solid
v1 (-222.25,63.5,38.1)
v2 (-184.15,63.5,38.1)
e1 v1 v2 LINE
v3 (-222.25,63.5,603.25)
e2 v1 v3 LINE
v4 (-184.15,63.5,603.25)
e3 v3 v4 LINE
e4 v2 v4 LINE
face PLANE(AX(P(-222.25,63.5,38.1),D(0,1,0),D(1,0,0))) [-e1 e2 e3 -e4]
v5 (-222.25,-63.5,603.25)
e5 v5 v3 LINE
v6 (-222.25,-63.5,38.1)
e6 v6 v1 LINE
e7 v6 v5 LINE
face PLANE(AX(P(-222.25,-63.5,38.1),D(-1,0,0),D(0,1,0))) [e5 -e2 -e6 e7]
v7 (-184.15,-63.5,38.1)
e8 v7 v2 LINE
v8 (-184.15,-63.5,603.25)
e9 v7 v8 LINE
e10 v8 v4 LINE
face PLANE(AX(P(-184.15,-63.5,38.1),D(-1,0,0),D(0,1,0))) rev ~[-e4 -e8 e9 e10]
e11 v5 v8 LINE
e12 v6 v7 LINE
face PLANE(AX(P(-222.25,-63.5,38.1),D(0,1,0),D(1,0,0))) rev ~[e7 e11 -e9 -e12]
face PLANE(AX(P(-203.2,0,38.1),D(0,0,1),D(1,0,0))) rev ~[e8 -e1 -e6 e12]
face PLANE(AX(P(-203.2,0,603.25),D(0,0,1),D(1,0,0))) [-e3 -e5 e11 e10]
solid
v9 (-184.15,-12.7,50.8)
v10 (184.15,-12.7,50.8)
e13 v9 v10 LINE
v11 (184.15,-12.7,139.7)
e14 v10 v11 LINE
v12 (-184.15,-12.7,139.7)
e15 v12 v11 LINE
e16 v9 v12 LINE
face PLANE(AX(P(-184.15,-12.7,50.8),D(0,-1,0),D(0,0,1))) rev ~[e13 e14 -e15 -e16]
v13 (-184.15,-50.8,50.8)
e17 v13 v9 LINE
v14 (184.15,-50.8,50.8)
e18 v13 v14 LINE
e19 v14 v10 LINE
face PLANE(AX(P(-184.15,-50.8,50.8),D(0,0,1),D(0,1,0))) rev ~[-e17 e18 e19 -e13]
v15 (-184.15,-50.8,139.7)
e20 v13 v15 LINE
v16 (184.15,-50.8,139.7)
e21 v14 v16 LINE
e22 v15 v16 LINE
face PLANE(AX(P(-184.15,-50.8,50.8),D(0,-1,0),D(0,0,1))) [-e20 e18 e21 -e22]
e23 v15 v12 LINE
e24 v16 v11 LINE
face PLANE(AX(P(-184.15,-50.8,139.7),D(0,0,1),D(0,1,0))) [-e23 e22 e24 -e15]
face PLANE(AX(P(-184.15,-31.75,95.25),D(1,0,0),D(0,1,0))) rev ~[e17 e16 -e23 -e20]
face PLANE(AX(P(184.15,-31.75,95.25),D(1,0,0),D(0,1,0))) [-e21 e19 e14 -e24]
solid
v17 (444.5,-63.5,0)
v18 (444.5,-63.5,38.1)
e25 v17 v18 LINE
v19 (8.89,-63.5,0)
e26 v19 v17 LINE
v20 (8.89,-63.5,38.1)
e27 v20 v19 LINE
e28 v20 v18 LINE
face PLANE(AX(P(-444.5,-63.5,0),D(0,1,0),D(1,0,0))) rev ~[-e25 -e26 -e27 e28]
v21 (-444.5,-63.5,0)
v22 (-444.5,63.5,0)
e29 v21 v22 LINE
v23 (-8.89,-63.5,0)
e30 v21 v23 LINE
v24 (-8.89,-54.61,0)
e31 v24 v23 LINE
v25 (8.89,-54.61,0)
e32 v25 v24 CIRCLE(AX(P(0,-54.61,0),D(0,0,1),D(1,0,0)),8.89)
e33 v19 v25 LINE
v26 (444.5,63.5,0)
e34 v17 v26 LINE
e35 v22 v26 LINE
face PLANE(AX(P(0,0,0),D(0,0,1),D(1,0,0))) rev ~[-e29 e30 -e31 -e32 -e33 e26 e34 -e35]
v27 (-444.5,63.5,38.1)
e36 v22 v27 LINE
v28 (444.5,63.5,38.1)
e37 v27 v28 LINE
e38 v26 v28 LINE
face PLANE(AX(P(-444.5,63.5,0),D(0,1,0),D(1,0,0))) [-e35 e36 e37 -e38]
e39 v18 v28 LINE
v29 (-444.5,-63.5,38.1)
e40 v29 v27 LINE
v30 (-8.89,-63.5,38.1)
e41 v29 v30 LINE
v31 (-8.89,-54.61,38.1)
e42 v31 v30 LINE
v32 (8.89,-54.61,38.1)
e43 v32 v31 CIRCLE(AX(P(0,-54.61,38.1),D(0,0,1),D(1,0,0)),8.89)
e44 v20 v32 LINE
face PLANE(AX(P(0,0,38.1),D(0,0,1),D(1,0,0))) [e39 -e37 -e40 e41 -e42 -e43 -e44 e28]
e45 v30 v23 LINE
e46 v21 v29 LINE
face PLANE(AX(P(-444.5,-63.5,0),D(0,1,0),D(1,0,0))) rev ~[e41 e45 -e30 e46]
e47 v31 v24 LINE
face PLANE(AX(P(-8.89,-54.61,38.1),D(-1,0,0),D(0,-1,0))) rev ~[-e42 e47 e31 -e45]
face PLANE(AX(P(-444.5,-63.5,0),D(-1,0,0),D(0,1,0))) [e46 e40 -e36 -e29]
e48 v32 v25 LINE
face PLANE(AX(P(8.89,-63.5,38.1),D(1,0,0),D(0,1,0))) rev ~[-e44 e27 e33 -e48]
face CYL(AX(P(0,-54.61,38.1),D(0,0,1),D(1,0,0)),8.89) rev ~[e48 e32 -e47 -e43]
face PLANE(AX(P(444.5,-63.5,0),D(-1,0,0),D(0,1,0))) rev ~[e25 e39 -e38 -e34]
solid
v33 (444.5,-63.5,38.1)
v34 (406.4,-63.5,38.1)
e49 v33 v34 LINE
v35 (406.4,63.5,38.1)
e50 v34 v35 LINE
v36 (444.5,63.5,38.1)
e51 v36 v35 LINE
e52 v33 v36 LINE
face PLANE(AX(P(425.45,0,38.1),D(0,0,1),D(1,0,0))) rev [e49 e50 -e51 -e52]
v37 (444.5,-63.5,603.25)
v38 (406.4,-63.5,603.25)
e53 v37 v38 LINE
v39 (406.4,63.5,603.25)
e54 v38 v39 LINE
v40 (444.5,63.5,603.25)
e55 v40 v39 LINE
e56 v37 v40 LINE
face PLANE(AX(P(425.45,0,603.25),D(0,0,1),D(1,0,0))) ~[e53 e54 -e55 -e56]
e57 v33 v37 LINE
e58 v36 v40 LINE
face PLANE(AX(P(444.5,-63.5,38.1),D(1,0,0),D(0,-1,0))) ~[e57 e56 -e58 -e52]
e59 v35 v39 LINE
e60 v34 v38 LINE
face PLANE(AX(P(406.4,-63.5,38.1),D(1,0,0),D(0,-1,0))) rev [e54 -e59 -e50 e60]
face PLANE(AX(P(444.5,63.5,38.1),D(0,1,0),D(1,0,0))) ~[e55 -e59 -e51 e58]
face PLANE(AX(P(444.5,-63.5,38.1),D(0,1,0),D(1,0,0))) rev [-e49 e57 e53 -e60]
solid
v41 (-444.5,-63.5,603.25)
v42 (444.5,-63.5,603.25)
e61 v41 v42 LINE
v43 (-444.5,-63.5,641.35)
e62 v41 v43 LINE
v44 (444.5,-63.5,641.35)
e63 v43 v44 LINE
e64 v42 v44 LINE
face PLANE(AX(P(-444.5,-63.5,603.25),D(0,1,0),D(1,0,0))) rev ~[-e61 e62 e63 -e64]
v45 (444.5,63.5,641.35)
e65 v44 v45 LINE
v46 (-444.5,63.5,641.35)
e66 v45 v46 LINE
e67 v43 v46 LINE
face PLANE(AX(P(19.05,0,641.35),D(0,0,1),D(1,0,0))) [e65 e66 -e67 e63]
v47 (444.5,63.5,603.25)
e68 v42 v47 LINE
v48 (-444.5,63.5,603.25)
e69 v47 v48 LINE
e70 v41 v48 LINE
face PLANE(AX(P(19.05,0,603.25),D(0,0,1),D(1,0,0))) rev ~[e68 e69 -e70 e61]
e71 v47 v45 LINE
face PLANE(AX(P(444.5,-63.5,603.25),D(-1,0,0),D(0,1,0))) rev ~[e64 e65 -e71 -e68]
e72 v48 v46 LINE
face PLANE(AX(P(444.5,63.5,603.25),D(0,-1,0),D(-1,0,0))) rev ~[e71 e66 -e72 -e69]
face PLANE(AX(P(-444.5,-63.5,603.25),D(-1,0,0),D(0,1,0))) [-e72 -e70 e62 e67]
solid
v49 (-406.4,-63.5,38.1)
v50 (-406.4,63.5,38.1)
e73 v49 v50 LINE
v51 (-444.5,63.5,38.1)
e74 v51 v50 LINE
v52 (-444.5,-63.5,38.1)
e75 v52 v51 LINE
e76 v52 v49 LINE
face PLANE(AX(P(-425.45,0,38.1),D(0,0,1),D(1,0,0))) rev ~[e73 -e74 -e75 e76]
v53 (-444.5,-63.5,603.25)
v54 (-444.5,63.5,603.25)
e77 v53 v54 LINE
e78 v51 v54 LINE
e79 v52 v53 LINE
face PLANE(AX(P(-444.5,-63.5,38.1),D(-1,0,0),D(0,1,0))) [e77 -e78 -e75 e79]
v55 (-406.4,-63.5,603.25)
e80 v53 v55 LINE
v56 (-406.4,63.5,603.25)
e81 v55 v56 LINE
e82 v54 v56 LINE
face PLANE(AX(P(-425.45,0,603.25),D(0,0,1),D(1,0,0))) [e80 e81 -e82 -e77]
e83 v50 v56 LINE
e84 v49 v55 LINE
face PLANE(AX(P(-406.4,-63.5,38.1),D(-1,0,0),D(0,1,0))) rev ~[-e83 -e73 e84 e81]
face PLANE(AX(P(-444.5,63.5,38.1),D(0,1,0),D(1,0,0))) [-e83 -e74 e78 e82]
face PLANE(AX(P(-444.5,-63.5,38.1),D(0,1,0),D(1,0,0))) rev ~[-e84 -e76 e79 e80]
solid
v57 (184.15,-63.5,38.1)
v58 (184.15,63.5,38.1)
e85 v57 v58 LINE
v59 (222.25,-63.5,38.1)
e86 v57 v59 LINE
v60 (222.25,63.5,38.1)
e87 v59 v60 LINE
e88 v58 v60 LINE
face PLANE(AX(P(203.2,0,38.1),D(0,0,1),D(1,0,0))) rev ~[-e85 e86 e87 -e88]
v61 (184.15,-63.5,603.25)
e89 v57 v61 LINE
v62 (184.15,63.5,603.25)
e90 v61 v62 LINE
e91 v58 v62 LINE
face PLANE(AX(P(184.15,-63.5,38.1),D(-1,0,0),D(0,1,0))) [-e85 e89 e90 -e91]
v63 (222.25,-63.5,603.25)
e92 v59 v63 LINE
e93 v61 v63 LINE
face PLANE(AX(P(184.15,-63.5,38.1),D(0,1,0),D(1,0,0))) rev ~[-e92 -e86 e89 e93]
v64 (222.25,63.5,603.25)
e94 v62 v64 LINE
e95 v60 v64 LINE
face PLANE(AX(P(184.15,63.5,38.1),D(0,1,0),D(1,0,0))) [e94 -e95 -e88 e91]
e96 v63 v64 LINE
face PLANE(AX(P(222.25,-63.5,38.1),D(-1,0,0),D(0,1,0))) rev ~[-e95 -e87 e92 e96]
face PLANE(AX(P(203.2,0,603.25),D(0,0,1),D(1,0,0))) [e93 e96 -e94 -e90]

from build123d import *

# Parameters (mm, degrees)
F0_W      = 889
F0_H      = 127
F1_DEPTH  = 38.1
F2_W      = 38.1
F2_H      = 127
F3_DEPTH  = 565.15
F5_W      = 850.9
F5_H      = 127
F5_W_2    = 38.1
F6_DEPTH  = 38.1
F7_W      = 38.1
F7_H      = 127
F8_DEPTH  = 565.15
F9_W      = 38.1
F9_H      = 88.9
F10_DEPTH = 368.3
F12_DEPTH = 38.1


with BuildPart() as f1:
    # F0 (on Top) → F1 (new body)
    with BuildSketch(Plane.XY):
        Rectangle(F0_W, F0_H)
    extrude(amount=F1_DEPTH)

    # F11 (on face) → F12 (cut, through all)
    with BuildSketch(Plane.XY.offset(38.1)):
        with BuildLine():
            Line((8.89, -63.5), (8.89, -54.61))
            ThreePointArc((8.89, -54.61), (0, -45.72), (-8.89, -54.61))
            Line((-8.89, -54.61), (-8.89, -63.5))
            Line((-8.89, -63.5), (8.89, -63.5))
        make_face()
    extrude(amount=-F12_DEPTH, mode=Mode.SUBTRACT)


with BuildPart() as f3:
    # F2 (on face) → F3 (new body)
    with BuildSketch(Plane.XY.offset(38.1)):
        with Locations((-425.45, 0)):
            Rectangle(F2_W, F2_H)
    extrude(amount=F3_DEPTH)


with BuildPart() as f4_1:
    # F4: instance of F3
    add(f3.part.mirror(Plane.YZ))


with BuildPart() as f6:
    # F5 (on face) → F6 (new body)
    with BuildSketch(Plane.XY.offset(603.25)):
        with Locations((19.05, 0)):
            Rectangle(F5_W, F5_H)
        with Locations((-425.45, 0)):
            Rectangle(F5_W_2, F5_H)
    extrude(amount=F6_DEPTH)


with BuildPart() as f8:
    # F7 (on face) → F8 (new body, through all)
    with BuildSketch(Plane.XY.offset(38.1)):
        with Locations((-203.2, 0)):
            Rectangle(F7_W, F7_H)
        with Locations((203.2, 0)):
            Rectangle(F7_W, F7_H)
    extrude(amount=F8_DEPTH)


with BuildPart() as f10:
    # F9 (on face) → F10 (new body, through all)
    with BuildSketch(Plane.YZ.offset(-184.15)):
        with Locations((-31.75, 95.25)):
            Rectangle(F9_W, F9_H)
    extrude(amount=F10_DEPTH)


solid = Compound([f1.part, f3.part, f4_1.part, f6.part, f8.part, f10.part])
